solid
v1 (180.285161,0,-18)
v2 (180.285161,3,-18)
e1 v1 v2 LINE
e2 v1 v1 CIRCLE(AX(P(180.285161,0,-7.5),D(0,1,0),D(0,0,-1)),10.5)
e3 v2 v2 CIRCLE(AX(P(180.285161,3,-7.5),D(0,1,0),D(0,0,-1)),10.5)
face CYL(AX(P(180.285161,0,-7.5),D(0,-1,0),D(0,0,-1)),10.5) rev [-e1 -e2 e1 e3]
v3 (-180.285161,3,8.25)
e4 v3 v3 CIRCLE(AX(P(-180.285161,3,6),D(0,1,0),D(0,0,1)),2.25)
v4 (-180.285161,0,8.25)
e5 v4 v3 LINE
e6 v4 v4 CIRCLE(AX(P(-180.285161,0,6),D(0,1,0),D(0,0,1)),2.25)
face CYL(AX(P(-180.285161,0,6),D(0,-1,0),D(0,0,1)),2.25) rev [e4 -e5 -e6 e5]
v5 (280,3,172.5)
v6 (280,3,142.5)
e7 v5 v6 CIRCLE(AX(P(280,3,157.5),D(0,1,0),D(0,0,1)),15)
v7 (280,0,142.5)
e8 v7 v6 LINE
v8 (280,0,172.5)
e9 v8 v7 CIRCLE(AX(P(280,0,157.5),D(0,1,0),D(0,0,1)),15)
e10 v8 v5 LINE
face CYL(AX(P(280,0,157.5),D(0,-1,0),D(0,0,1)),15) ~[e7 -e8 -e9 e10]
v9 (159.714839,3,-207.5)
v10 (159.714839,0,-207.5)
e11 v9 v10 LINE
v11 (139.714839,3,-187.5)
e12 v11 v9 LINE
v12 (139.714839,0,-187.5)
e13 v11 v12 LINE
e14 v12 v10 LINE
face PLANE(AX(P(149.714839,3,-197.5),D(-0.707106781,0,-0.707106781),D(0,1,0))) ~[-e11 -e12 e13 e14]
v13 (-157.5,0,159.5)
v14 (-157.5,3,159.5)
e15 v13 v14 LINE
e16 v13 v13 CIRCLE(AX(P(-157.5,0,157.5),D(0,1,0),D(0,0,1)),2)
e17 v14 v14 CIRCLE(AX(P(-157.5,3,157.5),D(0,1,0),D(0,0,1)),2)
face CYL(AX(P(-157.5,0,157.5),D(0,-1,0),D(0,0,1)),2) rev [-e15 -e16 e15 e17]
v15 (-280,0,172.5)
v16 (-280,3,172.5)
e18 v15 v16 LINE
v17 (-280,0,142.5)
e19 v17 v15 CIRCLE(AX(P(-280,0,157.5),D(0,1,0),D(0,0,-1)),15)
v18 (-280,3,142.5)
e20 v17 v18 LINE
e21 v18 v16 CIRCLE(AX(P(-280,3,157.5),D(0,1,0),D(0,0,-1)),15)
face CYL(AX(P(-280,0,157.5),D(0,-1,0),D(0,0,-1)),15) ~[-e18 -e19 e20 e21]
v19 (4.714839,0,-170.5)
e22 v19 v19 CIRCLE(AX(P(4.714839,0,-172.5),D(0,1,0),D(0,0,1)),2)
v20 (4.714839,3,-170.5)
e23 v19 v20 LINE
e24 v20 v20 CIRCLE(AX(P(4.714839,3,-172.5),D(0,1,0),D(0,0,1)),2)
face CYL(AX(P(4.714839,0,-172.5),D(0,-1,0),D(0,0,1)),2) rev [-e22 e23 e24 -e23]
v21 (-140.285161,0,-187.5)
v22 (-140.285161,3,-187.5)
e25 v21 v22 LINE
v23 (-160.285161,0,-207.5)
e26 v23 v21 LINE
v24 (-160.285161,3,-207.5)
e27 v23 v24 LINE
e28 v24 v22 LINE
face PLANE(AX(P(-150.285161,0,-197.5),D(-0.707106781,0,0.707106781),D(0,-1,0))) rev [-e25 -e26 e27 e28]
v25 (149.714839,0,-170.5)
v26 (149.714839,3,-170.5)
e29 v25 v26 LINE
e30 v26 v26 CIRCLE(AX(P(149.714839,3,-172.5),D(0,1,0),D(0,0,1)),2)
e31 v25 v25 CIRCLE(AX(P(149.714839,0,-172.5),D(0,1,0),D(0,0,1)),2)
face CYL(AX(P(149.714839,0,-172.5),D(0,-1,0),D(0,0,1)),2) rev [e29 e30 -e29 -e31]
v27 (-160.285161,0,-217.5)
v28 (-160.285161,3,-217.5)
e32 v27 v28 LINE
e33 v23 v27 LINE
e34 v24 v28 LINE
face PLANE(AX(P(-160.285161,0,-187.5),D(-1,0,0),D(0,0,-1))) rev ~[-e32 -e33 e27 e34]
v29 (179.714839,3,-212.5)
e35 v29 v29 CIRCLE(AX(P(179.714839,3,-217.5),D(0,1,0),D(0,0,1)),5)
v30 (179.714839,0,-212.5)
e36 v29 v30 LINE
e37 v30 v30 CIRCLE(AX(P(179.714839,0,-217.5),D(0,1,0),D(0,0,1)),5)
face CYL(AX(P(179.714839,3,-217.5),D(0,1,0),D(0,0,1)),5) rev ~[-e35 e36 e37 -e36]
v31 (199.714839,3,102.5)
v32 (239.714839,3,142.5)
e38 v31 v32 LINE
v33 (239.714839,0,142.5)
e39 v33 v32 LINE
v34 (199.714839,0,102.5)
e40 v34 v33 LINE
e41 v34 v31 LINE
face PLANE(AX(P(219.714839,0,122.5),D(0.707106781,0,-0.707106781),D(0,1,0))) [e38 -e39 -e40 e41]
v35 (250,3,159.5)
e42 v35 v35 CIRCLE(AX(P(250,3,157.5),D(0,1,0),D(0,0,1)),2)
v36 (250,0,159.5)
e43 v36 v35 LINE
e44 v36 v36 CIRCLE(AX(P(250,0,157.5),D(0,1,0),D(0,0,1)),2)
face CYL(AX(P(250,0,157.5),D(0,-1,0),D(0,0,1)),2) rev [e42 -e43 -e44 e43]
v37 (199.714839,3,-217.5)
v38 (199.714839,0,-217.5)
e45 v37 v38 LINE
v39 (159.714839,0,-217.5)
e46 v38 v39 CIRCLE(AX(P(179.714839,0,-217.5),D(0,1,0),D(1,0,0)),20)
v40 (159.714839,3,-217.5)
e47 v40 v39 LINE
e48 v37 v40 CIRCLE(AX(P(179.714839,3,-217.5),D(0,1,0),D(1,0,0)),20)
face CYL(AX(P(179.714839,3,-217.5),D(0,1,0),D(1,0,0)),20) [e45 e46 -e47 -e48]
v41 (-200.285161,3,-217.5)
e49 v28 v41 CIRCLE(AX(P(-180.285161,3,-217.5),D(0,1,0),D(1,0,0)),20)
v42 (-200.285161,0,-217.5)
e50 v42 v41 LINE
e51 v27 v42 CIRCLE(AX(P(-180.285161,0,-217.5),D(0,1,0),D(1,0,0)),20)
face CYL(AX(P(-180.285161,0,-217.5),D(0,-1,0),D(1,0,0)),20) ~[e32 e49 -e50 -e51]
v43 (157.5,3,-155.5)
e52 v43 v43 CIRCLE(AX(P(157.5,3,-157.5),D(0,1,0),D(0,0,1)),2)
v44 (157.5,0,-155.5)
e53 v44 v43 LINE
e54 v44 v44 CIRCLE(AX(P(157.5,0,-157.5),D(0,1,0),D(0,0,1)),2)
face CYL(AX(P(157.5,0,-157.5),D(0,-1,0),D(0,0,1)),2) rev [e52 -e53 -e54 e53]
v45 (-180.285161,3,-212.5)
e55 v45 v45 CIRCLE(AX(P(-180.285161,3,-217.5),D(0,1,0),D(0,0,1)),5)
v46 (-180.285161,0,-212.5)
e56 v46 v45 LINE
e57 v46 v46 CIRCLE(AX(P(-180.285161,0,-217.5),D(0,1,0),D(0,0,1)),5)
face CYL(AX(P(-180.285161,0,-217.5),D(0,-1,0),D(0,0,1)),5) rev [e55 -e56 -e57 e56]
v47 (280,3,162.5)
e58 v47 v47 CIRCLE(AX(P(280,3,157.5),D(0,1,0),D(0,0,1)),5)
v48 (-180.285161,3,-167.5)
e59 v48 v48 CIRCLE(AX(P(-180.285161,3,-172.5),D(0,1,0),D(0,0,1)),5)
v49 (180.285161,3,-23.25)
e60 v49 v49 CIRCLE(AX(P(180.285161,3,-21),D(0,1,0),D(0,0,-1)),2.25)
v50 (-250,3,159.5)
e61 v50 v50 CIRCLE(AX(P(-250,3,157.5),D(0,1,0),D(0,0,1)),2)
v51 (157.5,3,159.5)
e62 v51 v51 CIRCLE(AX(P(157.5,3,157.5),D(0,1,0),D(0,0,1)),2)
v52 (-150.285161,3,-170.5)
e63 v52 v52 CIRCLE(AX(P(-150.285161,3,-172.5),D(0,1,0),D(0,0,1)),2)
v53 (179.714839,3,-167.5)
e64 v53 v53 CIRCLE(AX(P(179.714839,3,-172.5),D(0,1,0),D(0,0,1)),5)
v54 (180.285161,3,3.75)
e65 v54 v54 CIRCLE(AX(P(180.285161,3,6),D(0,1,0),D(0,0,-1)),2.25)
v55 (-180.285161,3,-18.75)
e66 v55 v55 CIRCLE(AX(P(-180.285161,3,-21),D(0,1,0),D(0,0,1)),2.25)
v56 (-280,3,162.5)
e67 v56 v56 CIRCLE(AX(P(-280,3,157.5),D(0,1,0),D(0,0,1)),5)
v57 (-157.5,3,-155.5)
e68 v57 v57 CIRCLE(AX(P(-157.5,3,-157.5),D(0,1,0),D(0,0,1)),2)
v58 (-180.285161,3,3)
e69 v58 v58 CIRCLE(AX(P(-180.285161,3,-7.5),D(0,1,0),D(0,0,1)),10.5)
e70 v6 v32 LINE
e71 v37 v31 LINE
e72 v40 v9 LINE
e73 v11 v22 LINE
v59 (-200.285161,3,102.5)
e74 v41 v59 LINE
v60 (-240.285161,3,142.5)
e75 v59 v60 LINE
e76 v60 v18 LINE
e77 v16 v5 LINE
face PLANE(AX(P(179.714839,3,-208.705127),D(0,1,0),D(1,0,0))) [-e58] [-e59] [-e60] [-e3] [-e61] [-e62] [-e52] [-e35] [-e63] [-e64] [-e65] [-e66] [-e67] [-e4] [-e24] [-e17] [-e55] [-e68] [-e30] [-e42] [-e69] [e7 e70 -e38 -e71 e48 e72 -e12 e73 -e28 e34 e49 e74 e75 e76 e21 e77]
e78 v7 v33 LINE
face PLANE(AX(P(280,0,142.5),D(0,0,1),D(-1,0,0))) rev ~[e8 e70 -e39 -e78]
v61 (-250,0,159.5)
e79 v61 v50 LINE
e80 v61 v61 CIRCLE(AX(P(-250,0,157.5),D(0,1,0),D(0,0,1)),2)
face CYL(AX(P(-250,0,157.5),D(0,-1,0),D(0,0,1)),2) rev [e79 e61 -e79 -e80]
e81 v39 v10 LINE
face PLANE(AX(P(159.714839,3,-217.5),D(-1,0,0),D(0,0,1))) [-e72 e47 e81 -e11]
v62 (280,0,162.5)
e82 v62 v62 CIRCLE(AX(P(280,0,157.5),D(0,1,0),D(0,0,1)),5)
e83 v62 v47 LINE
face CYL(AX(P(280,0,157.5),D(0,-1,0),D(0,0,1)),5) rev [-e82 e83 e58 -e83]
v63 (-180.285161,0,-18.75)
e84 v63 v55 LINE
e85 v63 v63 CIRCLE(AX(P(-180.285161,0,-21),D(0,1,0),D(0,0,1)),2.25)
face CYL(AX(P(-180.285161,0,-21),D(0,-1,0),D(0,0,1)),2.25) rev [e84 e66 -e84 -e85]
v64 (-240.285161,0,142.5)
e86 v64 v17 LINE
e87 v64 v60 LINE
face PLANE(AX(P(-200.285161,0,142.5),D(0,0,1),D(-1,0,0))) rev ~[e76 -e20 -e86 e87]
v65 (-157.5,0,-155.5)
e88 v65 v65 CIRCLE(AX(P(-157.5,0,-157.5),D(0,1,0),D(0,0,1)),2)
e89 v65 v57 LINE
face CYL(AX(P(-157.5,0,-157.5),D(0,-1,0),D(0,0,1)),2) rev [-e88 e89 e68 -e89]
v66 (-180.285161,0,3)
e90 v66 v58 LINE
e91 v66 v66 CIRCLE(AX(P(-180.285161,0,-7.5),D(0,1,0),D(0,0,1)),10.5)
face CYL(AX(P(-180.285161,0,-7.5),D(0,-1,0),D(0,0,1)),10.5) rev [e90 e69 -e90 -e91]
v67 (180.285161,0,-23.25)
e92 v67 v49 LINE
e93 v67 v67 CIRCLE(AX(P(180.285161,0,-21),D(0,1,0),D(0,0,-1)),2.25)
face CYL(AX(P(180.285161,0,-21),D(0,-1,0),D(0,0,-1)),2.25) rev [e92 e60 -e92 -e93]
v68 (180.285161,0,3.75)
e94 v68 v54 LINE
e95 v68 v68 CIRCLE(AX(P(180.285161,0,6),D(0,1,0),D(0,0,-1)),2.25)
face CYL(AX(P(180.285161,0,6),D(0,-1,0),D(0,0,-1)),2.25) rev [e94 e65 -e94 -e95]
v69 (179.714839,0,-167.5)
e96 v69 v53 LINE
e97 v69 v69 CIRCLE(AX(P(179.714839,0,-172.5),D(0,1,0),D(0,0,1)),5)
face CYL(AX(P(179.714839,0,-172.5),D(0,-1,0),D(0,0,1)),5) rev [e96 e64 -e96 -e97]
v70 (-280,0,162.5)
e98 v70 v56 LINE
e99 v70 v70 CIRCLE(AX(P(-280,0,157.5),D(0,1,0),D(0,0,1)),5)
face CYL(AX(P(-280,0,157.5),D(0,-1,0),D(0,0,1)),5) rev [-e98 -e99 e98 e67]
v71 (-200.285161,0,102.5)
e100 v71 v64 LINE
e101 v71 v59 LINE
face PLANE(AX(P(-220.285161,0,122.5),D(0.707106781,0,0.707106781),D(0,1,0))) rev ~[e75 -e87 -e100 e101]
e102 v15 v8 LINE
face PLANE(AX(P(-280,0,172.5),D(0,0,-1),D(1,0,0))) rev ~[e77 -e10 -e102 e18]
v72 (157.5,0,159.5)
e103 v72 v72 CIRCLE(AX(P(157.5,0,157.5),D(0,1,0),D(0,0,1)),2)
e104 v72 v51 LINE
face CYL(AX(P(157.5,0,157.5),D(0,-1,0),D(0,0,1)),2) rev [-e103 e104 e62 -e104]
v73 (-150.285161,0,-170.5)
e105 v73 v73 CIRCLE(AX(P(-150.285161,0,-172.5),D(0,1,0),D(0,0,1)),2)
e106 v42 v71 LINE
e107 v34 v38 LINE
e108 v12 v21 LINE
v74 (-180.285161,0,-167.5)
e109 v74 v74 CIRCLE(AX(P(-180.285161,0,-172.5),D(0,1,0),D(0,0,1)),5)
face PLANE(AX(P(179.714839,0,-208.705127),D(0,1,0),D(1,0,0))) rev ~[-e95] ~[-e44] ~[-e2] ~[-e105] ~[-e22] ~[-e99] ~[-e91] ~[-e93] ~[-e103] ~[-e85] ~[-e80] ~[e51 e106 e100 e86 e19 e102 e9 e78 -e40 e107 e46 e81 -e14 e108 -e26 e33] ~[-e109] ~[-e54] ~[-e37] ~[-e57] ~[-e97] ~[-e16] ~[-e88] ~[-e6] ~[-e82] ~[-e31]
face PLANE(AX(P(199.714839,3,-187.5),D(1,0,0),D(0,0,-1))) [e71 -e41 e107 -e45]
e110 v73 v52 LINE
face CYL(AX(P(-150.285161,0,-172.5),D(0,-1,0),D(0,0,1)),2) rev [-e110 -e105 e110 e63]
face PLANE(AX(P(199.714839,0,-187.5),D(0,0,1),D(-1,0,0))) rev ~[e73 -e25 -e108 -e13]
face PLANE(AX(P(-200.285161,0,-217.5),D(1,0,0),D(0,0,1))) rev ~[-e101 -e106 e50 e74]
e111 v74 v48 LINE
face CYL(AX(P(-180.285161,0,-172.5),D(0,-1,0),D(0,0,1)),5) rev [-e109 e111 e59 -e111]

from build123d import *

# Parameters (mm, degrees)
SKETCH1_R           = 2
SKETCH1_R_2         = 5
SKETCH1_R_3         = 10.5
SKETCH1_R_4         = 2.25
BOSS_EXTRUDE1_DEPTH = 3
SKETCH2_R           = 5
BOSS_EXTRUDE2_DEPTH = 3
CHAMFER2_SIZE       = 20
CHAMFER3_SIZE       = 40


with BuildPart() as part:
    # Sketch1 → Boss-Extrude1 (new body)
    with BuildSketch(Plane(origin=(0, 0, 0), x_dir=(1, 0, 0), z_dir=(0, 1, 0))):
        with BuildLine():
            Line((-200.2851606, -142.500000035), (-280, -142.500000035))
            ThreePointArc((-280, -142.500000035), (-294.999999965, -157.5), (-280, -172.499999965))
            Line((-280, -172.499999965), (280, -172.499999965))
            ThreePointArc((280, -172.499999965), (294.999999965, -157.5), (280, -142.500000035))
            Line((280, -142.500000035), (199.7148394, -142.500000035))
            Line((199.7148394, -142.500000035), (199.7148394, 187.499999965))
            Line((199.7148394, 187.499999965), (-160.2851606, 187.499999965))
            Line((-160.2851606, 187.499999965), (-160.2851606, 217.499999965))
            ThreePointArc((-160.2851606, 217.499999965), (-180.2851606, 237.499999965), (-200.2851606, 217.499999965))
            Line((-200.2851606, 217.499999965), (-200.2851606, 187.499999965))
            Line((-200.2851606, 187.499999965), (-200.2851606, -142.500000035))
        make_face()
        with Locations(Location((-157.5, 157.5, 0), (0, 0, 270))):
            Circle(SKETCH1_R, mode=Mode.SUBTRACT)
        with Locations(Location((157.5, 157.5, 0), (0, 0, 270))):
            Circle(SKETCH1_R, mode=Mode.SUBTRACT)
        with Locations(Location((157.5, -157.5, 0), (0, 0, 270))):
            Circle(SKETCH1_R, mode=Mode.SUBTRACT)
        with Locations(Location((-157.5, -157.5, 0), (0, 0, 270))):
            Circle(SKETCH1_R, mode=Mode.SUBTRACT)
        with Locations(Location((-280, -157.5, 0), (0, 0, 270))):
            Circle(SKETCH1_R_2, mode=Mode.SUBTRACT)
        with Locations(Location((280, -157.5, 0), (0, 0, 270))):
            Circle(SKETCH1_R_2, mode=Mode.SUBTRACT)
        with Locations(Location((-250, -157.5, 0), (0, 0, 270))):
            Circle(SKETCH1_R, mode=Mode.SUBTRACT)
        with Locations(Location((250, -157.5, 0), (0, 0, 270))):
            Circle(SKETCH1_R, mode=Mode.SUBTRACT)
        with Locations(Location((-180.2851606, 172.499999965, 0), (0, 0, 270))):
            Circle(SKETCH1_R_2, mode=Mode.SUBTRACT)
        with Locations(Location((179.7148394, 172.499999965, 0), (0, 0, 270))):
            Circle(SKETCH1_R_2, mode=Mode.SUBTRACT)
        with Locations(Location((-150.2851606, 172.499999965, 0), (0, 0, 270))):
            Circle(SKETCH1_R, mode=Mode.SUBTRACT)
        with Locations(Location((4.7148394, 172.499999965, 0), (0, 0, 270))):
            Circle(SKETCH1_R, mode=Mode.SUBTRACT)
        with Locations(Location((149.7148394, 172.499999965, 0), (0, 0, 270))):
            Circle(SKETCH1_R, mode=Mode.SUBTRACT)
        with Locations(Location((-180.2851606, 7.499999983, 0), (0, 0, 270))):
            Circle(SKETCH1_R_3, mode=Mode.SUBTRACT)
        with Locations(Location((-180.2851606, 20.999999983, 0), (0, 0, 270))):
            Circle(SKETCH1_R_4, mode=Mode.SUBTRACT)
        with Locations(Location((-180.2851606, -6.000000017, 0), (0, 0, 270))):
            Circle(SKETCH1_R_4, mode=Mode.SUBTRACT)
        with Locations(Location((180.2851606, -6.000000017, 0), (0, 0, 90))):
            Circle(SKETCH1_R_4, mode=Mode.SUBTRACT)
        with Locations(Location((180.2851606, 20.999999983, 0), (0, 0, 90))):
            Circle(SKETCH1_R_4, mode=Mode.SUBTRACT)
        with Locations(Location((180.2851606, 7.499999983, 0), (0, 0, 90))):
            Circle(SKETCH1_R_3, mode=Mode.SUBTRACT)
        with Locations(Location((-180.2851606, 217.499999965, 0), (0, 0, 270))):
            Circle(SKETCH1_R_2, mode=Mode.SUBTRACT)
    extrude(amount=BOSS_EXTRUDE1_DEPTH)

    # Sketch2 → Boss-Extrude2 (add)
    with BuildSketch(Plane(origin=(0, 3, 0), x_dir=(1, 0, 0), z_dir=(0, 1, 0))):
        with BuildLine():
            Line((199.7148394, 187.499999965), (199.7148394, 217.499999965))
            ThreePointArc((199.7148394, 217.499999965), (179.7148394, 237.499999965), (159.7148394, 217.499999965))
            Line((159.7148394, 217.499999965), (159.7148394, 187.499999965))
            Line((159.7148394, 187.499999965), (199.7148394, 187.499999965))
        make_face()
        with Locations(Location((179.7148394, 217.499999965, 0), (0, 0, 270))):
            Circle(SKETCH2_R, mode=Mode.SUBTRACT)
    extrude(amount=-BOSS_EXTRUDE2_DEPTH)

    # Chamfer2
    chamfer2_edges = [part.edges().sort_by_distance(p)[0] for p in [
        (159.7148394, 1.5, -187.499999965),
        (-160.2851606, 1.5, -187.499999965),
    ]]
    chamfer(chamfer2_edges, length=CHAMFER2_SIZE)

    # Chamfer3
    chamfer3_edges = [part.edges().sort_by_distance(p)[0] for p in [
        (-200.2851606, 1.5, 142.500000035),
        (199.7148394, 1.5, 142.500000035),
    ]]
    chamfer(chamfer3_edges, length=CHAMFER3_SIZE)


solid = part.part
